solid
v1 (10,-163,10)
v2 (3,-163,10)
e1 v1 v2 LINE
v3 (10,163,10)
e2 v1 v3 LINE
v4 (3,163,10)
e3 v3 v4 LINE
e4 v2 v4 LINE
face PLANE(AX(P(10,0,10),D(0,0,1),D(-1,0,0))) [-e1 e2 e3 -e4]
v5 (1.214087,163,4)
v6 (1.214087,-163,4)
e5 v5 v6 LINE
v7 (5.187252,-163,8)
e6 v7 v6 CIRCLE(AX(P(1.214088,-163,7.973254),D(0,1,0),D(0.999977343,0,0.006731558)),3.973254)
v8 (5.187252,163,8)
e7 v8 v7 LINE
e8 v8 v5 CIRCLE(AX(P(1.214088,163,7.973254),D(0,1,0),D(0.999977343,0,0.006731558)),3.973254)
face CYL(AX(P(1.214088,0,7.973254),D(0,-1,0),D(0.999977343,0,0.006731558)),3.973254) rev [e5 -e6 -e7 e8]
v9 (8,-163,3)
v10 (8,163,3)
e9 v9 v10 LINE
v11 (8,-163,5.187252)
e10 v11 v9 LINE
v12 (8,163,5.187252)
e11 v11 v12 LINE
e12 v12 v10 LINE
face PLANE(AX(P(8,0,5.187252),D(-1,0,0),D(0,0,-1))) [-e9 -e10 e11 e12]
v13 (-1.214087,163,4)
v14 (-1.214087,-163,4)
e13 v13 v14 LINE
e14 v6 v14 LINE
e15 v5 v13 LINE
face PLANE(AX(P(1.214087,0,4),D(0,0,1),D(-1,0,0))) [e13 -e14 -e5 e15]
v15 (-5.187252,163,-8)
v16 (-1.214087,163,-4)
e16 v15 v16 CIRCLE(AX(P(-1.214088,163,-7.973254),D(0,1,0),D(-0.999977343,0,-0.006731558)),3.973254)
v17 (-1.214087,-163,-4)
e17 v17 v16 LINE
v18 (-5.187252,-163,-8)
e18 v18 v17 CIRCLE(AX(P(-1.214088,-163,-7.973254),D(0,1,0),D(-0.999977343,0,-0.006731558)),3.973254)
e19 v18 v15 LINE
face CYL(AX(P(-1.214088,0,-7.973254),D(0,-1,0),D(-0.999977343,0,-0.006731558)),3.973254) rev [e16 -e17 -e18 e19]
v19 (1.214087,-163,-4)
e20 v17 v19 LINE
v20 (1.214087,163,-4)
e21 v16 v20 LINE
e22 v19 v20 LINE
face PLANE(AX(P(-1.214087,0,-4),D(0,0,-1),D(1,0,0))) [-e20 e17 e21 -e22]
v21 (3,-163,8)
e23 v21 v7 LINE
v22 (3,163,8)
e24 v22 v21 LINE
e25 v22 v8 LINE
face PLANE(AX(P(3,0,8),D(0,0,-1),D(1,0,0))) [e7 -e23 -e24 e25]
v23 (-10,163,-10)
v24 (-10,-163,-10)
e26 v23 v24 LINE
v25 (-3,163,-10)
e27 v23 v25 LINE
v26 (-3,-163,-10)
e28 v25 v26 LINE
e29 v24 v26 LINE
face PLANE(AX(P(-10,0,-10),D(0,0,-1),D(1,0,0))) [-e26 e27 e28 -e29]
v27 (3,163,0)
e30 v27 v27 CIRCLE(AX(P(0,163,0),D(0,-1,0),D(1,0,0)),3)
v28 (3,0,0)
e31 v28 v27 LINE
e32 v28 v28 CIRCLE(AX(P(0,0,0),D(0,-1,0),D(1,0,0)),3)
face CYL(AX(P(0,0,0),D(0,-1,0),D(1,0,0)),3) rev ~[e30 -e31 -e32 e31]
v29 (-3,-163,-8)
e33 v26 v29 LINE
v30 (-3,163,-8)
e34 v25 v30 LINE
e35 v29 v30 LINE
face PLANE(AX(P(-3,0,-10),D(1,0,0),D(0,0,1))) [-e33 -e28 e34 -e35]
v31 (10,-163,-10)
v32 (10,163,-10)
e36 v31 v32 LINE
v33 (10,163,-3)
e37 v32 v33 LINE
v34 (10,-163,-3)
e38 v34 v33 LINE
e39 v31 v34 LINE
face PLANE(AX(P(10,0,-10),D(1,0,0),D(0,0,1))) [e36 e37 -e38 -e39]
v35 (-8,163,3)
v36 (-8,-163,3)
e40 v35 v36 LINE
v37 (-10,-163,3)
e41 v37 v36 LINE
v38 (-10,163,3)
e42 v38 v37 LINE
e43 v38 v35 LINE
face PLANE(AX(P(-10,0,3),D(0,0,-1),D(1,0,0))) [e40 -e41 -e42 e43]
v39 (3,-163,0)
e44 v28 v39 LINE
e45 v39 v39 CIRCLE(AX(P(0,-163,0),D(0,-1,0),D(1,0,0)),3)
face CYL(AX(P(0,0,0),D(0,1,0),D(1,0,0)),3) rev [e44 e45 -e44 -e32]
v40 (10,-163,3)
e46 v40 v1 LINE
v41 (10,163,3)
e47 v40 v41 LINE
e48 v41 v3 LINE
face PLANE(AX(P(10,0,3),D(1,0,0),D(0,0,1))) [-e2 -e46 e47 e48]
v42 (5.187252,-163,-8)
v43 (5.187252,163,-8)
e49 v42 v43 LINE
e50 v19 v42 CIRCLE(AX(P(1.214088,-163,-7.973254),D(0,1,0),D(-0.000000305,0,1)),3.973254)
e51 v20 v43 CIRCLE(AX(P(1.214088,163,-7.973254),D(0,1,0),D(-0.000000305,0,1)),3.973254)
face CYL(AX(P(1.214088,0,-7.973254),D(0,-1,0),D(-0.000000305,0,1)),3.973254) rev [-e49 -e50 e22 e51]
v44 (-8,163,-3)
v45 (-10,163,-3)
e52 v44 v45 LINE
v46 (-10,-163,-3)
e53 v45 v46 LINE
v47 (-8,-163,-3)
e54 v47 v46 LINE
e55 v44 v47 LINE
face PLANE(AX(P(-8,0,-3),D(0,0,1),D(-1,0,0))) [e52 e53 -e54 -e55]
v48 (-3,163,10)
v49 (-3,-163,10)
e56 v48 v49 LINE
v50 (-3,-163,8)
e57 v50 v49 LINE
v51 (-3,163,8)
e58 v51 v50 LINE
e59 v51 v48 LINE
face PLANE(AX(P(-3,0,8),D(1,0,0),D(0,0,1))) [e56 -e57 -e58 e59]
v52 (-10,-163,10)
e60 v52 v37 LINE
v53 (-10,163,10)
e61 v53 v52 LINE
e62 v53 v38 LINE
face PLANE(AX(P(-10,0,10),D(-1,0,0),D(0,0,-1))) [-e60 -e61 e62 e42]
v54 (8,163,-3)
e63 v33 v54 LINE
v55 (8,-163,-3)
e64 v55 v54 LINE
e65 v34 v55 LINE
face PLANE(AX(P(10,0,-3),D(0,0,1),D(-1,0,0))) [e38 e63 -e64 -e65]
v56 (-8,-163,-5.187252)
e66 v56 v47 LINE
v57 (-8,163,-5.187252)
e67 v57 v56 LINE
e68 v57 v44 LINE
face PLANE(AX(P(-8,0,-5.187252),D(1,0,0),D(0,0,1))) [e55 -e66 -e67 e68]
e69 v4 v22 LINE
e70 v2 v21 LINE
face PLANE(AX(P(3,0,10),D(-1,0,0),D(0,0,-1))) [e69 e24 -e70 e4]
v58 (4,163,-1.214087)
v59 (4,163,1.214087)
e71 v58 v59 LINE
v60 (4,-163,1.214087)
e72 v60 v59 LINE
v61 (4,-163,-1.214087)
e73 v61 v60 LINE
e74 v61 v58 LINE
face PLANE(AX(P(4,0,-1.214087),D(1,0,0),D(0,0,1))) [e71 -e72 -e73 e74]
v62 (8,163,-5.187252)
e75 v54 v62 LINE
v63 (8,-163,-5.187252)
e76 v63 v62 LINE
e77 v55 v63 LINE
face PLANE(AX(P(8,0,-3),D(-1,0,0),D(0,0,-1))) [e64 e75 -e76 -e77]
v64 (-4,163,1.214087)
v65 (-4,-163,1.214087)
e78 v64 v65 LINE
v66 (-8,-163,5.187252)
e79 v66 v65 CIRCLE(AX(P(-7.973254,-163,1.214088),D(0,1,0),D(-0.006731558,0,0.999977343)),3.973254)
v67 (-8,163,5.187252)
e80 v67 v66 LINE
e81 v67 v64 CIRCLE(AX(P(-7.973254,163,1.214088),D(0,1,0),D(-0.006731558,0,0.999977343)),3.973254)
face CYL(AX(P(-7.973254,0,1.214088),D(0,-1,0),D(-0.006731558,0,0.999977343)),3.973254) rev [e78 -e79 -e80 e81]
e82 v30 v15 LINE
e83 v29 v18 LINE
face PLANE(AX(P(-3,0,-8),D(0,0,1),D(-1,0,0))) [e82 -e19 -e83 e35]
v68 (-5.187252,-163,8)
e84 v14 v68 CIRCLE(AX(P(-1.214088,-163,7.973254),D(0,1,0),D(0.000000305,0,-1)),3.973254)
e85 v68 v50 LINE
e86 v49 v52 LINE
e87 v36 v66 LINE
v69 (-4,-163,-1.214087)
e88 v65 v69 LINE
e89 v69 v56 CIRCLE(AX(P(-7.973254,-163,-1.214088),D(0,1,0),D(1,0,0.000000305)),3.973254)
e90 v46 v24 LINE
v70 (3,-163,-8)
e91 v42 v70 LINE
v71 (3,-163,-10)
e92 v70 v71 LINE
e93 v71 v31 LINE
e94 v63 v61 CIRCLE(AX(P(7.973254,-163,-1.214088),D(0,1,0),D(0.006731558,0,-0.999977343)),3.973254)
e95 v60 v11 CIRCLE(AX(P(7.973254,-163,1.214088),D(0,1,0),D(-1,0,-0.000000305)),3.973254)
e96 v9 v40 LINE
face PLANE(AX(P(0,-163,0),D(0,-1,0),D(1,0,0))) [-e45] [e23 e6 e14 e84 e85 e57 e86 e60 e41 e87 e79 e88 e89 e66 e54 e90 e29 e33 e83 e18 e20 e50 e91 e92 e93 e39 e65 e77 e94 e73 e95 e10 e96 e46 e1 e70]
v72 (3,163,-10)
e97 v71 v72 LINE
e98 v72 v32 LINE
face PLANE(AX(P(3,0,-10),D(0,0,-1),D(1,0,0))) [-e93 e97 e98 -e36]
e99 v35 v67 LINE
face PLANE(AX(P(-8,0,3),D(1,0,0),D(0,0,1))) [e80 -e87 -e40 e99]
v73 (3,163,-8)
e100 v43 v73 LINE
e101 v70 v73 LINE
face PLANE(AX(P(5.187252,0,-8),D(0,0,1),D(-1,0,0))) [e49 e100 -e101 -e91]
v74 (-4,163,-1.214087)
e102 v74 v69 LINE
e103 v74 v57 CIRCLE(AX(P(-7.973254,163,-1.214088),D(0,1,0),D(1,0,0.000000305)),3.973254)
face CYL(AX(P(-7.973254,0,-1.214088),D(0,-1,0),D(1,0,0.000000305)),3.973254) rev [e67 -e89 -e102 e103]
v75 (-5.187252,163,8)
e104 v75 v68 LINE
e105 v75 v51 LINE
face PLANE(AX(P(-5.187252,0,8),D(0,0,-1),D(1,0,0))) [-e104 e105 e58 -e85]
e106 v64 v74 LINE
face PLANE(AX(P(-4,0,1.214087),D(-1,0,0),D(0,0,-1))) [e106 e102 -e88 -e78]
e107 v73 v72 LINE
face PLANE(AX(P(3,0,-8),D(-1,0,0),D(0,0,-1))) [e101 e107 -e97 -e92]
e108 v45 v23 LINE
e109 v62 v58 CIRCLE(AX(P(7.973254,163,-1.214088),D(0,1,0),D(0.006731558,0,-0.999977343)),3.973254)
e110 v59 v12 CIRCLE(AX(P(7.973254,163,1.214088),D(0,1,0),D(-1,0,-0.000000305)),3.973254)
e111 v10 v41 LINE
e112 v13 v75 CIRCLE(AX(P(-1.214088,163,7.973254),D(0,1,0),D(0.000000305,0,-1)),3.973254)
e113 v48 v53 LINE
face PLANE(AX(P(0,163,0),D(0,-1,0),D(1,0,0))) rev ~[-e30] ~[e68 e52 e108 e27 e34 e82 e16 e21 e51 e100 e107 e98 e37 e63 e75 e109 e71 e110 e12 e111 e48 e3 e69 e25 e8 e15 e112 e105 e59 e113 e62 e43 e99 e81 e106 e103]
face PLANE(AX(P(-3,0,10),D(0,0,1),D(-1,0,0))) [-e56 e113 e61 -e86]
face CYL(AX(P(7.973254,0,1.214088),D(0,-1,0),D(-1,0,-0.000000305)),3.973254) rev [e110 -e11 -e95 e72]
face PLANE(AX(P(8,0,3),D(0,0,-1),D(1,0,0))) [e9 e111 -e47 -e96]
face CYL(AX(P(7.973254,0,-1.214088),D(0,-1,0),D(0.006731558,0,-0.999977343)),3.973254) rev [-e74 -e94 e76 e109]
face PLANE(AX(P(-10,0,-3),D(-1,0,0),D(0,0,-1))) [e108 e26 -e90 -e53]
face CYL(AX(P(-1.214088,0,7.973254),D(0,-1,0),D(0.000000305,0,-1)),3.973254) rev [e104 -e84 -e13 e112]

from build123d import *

# Parameters (mm, degrees)
F0_R          = 3
F1_DEPTH      = 163
F1_DEPTH_BACK = 163


with BuildPart() as f1:
    # F0 (on Front) → F1 (new body, two sides)
    with BuildSketch(Plane.XZ) as f1_sk:
        with BuildLine():
            Line((3, 10), (3, 8))
            Line((3, 8), (5.187252, 8))
            ThreePointArc((5.187252, 8), (4.033043, 5.173211), (1.214087, 4))
            Line((1.214087, 4), (0, 4))
            Line((0, 4), (-1.214087, 4))
            ThreePointArc((-1.214087, 4), (-4.033043, 5.173211), (-5.187252, 8))
            Line((-5.187252, 8), (-3, 8))
            Line((-3, 8), (-3, 10))
            Line((-3, 10), (-10, 10))
            Line((-10, 10), (-10, 3))
            Line((-10, 3), (-8, 3))
            Line((-8, 3), (-8, 5.187252))
            ThreePointArc((-8, 5.187252), (-5.173211, 4.033043), (-4, 1.214087))
            Line((-4, 1.214087), (-4, 0))
            Line((-4, 0), (-4, -1.214087))
            ThreePointArc((-4, -1.214087), (-5.173211, -4.033043), (-8, -5.187252))
            Line((-8, -5.187252), (-8, -3))
            Line((-8, -3), (-10, -3))
            Line((-10, -3), (-10, -10))
            Line((-10, -10), (-3, -10))
            Line((-3, -10), (-3, -8))
            Line((-3, -8), (-5.187252, -8))
            ThreePointArc((-5.187252, -8), (-4.033043, -5.173211), (-1.214087, -4))
            Line((-1.214087, -4), (0, -4))
            Line((0, -4), (1.214087, -4))
            ThreePointArc((1.214087, -4), (4.033043, -5.173211), (5.187252, -8))
            Line((5.187252, -8), (3, -8))
            Line((3, -8), (3, -10))
            Line((3, -10), (10, -10))
            Line((10, -10), (10, -3))
            Line((10, -3), (8, -3))
            Line((8, -3), (8, -5.187252))
            ThreePointArc((8, -5.187252), (5.173211, -4.033043), (4, -1.214087))
            Line((4, -1.214087), (4, 0))
            Line((4, 0), (4, 1.214087))
            ThreePointArc((4, 1.214087), (5.173211, 4.033043), (8, 5.187252))
            Line((8, 5.187252), (8, 3))
            Line((8, 3), (10, 3))
            Line((10, 3), (10, 10))
            Line((10, 10), (3, 10))
        make_face()
        Circle(F0_R, mode=Mode.SUBTRACT)
    extrude(amount=F1_DEPTH)
    extrude(f1_sk.sketch, amount=-F1_DEPTH_BACK)


solid = f1.part
